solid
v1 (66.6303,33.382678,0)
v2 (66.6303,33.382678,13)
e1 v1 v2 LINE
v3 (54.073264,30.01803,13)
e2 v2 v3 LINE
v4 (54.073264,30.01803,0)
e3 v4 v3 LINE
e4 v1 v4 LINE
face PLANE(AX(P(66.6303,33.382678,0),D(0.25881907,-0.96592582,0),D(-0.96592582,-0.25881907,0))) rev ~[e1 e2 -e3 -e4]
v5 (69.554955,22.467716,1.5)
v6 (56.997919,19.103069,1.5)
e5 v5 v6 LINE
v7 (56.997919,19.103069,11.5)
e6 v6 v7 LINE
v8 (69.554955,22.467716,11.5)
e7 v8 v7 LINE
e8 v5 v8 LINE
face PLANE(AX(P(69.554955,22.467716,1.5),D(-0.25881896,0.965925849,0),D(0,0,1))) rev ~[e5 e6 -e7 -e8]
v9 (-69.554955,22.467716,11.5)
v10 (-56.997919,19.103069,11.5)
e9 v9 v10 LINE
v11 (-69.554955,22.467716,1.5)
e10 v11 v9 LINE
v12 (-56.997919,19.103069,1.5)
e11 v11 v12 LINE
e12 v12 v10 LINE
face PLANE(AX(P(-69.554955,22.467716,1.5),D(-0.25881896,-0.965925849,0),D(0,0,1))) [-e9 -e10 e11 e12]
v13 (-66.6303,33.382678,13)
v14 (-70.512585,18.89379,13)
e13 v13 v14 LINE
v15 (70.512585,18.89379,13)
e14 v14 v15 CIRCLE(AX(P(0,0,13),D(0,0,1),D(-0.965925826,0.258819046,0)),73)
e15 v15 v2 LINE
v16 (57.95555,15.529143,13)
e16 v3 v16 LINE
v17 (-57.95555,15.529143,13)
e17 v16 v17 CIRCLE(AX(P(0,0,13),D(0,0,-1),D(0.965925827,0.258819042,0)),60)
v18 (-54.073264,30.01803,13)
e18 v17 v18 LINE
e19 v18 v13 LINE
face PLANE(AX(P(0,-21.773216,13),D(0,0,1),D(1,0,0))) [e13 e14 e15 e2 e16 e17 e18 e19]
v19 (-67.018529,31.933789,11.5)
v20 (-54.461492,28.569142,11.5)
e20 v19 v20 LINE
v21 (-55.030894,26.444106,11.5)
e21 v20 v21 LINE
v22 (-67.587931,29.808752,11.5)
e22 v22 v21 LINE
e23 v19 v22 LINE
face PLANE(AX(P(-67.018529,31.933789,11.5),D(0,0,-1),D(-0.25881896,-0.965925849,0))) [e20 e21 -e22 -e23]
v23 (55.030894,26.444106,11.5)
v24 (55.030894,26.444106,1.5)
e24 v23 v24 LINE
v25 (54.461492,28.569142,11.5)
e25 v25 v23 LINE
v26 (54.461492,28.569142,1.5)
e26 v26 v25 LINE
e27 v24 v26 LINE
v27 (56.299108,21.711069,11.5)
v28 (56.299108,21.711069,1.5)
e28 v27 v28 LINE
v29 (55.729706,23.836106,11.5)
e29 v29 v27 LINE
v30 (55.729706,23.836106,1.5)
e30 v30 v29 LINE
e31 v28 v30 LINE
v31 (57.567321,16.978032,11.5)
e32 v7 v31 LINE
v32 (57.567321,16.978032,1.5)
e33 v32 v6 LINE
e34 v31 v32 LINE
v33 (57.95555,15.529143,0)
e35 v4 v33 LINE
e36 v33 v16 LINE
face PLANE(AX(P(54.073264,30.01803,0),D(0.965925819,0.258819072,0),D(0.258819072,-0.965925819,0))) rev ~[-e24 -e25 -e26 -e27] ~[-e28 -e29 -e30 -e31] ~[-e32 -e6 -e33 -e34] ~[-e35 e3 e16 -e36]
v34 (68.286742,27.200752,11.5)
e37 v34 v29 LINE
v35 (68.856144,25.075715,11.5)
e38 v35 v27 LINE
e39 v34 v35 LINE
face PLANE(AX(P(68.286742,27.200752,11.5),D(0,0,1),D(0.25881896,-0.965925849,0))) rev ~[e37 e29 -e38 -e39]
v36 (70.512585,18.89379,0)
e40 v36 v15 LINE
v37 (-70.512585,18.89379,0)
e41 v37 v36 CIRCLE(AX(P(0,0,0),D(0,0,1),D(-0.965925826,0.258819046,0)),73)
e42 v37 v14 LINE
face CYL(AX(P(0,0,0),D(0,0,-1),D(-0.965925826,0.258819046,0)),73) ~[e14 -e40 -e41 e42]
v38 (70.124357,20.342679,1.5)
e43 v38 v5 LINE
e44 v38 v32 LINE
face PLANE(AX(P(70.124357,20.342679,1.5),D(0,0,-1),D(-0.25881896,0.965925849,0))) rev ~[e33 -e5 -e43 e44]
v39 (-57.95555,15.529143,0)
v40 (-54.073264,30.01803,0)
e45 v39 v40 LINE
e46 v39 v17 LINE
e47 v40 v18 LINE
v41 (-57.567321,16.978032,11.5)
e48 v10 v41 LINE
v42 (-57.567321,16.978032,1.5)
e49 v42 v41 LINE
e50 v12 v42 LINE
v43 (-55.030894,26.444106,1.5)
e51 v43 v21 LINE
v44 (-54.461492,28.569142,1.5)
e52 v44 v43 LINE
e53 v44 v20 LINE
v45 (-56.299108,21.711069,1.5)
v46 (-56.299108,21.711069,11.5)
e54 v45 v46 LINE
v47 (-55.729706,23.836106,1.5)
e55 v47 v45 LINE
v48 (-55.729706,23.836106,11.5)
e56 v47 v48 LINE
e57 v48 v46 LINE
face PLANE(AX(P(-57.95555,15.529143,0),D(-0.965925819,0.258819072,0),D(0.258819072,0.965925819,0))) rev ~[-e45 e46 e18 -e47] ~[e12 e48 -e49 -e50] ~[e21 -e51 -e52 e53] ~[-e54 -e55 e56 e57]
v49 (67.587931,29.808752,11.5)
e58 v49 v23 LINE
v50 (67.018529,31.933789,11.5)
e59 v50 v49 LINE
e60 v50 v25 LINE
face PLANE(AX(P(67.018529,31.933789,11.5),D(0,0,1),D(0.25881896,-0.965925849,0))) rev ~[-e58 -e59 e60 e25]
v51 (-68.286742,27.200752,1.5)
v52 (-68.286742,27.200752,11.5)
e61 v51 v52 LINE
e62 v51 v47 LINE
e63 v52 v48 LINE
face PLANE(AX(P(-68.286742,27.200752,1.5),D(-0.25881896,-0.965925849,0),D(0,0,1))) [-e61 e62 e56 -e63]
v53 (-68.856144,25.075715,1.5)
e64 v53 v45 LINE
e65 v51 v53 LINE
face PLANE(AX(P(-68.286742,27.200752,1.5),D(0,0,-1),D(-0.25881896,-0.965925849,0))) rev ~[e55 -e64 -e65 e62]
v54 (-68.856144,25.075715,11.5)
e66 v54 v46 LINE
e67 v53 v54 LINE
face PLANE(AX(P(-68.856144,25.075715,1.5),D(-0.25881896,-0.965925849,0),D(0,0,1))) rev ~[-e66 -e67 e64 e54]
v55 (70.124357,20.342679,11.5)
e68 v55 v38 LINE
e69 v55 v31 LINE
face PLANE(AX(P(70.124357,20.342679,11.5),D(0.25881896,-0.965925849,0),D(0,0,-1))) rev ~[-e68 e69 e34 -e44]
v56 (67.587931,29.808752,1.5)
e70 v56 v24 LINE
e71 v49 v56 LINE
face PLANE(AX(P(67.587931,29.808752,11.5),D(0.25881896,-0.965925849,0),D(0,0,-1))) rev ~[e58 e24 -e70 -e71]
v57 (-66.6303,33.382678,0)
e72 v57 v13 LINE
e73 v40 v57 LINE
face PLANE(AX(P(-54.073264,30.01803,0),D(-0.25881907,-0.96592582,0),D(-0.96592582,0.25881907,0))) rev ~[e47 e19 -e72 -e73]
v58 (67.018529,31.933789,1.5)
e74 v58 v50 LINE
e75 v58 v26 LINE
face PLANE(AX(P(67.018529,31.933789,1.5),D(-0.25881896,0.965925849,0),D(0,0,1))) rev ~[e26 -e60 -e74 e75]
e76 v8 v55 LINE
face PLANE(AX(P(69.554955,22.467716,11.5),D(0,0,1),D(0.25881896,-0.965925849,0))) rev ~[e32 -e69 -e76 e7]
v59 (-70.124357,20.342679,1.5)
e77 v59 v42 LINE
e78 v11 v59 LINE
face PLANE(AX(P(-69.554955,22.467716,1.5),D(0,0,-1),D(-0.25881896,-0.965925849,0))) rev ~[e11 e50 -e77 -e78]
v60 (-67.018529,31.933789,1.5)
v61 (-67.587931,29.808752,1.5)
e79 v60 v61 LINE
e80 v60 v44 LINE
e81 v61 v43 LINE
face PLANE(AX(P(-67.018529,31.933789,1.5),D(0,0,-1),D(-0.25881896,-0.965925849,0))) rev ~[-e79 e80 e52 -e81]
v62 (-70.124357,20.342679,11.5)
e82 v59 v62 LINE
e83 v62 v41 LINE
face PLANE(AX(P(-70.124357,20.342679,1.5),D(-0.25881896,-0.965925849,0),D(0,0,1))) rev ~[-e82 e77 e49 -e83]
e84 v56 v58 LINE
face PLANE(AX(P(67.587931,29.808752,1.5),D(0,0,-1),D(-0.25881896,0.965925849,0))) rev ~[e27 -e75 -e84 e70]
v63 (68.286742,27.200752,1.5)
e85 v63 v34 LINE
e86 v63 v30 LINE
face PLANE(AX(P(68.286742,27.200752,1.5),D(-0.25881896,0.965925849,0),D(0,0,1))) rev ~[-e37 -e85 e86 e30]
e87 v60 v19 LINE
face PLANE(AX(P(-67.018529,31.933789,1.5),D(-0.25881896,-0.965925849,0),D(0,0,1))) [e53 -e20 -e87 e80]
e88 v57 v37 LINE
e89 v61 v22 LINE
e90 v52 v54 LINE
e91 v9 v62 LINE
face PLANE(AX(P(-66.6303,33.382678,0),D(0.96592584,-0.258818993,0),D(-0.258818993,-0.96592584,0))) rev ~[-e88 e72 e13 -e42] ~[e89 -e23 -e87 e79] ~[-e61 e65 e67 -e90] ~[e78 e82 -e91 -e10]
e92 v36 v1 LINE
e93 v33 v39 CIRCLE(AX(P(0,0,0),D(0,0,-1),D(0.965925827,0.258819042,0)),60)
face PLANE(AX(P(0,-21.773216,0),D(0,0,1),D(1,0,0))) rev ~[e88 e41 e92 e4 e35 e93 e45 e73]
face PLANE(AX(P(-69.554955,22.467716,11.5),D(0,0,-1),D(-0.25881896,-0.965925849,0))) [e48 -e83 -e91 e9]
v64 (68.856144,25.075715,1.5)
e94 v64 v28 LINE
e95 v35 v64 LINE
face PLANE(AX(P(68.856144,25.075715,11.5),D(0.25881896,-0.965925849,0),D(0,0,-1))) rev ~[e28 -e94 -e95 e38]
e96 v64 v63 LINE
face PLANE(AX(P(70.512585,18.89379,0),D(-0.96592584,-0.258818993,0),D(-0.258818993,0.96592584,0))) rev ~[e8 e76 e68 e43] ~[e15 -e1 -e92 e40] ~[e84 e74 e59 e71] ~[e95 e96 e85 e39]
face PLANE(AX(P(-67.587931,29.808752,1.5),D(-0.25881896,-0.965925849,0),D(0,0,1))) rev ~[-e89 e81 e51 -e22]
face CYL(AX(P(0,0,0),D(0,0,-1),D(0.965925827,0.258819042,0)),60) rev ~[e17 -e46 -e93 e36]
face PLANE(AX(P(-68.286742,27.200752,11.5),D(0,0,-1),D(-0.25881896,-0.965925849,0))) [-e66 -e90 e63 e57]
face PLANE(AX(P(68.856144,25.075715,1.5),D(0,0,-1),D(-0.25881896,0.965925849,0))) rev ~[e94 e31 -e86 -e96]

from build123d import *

# Parameters (mm, degrees)
F1_DEPTH = 13
F2_W     = 2.2
F2_H     = 3.9
F3_DEPTH = 25
F4_W     = 2.2
F4_H     = 10
F5_DEPTH = 25


with BuildPart() as f1:
    # F0 (on Top) → F1 (new body)
    with BuildSketch(Plane.XY):
        with BuildLine():
            ThreePointArc((57.95555, 15.529143), (0, -60), (-57.95555, 15.529143))
            Line((-57.95555, 15.529143), (-54.073264, 30.01803))
            Line((-54.073264, 30.01803), (-66.6303, 33.382678))
            Line((-66.6303, 33.382678), (-70.512585, 18.89379))
            ThreePointArc((-70.512585, 18.89379), (0, -73), (70.512585, 18.89379))
            Line((70.512585, 18.89379), (66.6303, 33.382678))
            Line((66.6303, 33.382678), (54.073264, 30.01803))
            Line((54.073264, 30.01803), (57.95555, 15.529143))
        make_face()
    extrude(amount=F1_DEPTH)

    # F2 (on face) → F3 (cut)
    with BuildSketch(Plane(origin=(70.512585, 18.89379, 0), x_dir=(-0.258819, 0.965926, 0), z_dir=(0.965926, 0.258819, 0))):
        Polygon((1.5, 11.5), (1.5, 7.6), (1.5, 1.5), (3.7, 1.5), (3.7, 7.6), (3.7, 11.5), align=None)
        Polygon((8.6, 11.5), (6.4, 11.5), (6.4, 7.6), (6.4, 1.5), (8.6, 1.5), (8.6, 7.6), align=None)
        Polygon((13.5, 11.5), (11.3, 11.5), (11.3, 7.6), (11.3, 1.5), (13.5, 1.5), (13.5, 7.6), align=None)
        with Locations((542.279418, 3.45)):
            Rectangle(F2_W, F2_H)
    extrude(amount=-F3_DEPTH, mode=Mode.SUBTRACT)

    # F4 (on face) → F5 (cut)
    with BuildSketch(Plane(origin=(-70.512585, 18.89379, 0), x_dir=(-0.258819, -0.965926, 0), z_dir=(-0.965926, 0.258819, 0))):
        with Locations((-2.6, 6.5)):
            Rectangle(F4_W, F4_H)
        with Locations((-7.5, 6.5)):
            Rectangle(F4_W, F4_H)
        with Locations((-12.4, 6.5)):
            Rectangle(F4_W, F4_H)
    extrude(amount=-F5_DEPTH, mode=Mode.SUBTRACT)


solid = f1.part
